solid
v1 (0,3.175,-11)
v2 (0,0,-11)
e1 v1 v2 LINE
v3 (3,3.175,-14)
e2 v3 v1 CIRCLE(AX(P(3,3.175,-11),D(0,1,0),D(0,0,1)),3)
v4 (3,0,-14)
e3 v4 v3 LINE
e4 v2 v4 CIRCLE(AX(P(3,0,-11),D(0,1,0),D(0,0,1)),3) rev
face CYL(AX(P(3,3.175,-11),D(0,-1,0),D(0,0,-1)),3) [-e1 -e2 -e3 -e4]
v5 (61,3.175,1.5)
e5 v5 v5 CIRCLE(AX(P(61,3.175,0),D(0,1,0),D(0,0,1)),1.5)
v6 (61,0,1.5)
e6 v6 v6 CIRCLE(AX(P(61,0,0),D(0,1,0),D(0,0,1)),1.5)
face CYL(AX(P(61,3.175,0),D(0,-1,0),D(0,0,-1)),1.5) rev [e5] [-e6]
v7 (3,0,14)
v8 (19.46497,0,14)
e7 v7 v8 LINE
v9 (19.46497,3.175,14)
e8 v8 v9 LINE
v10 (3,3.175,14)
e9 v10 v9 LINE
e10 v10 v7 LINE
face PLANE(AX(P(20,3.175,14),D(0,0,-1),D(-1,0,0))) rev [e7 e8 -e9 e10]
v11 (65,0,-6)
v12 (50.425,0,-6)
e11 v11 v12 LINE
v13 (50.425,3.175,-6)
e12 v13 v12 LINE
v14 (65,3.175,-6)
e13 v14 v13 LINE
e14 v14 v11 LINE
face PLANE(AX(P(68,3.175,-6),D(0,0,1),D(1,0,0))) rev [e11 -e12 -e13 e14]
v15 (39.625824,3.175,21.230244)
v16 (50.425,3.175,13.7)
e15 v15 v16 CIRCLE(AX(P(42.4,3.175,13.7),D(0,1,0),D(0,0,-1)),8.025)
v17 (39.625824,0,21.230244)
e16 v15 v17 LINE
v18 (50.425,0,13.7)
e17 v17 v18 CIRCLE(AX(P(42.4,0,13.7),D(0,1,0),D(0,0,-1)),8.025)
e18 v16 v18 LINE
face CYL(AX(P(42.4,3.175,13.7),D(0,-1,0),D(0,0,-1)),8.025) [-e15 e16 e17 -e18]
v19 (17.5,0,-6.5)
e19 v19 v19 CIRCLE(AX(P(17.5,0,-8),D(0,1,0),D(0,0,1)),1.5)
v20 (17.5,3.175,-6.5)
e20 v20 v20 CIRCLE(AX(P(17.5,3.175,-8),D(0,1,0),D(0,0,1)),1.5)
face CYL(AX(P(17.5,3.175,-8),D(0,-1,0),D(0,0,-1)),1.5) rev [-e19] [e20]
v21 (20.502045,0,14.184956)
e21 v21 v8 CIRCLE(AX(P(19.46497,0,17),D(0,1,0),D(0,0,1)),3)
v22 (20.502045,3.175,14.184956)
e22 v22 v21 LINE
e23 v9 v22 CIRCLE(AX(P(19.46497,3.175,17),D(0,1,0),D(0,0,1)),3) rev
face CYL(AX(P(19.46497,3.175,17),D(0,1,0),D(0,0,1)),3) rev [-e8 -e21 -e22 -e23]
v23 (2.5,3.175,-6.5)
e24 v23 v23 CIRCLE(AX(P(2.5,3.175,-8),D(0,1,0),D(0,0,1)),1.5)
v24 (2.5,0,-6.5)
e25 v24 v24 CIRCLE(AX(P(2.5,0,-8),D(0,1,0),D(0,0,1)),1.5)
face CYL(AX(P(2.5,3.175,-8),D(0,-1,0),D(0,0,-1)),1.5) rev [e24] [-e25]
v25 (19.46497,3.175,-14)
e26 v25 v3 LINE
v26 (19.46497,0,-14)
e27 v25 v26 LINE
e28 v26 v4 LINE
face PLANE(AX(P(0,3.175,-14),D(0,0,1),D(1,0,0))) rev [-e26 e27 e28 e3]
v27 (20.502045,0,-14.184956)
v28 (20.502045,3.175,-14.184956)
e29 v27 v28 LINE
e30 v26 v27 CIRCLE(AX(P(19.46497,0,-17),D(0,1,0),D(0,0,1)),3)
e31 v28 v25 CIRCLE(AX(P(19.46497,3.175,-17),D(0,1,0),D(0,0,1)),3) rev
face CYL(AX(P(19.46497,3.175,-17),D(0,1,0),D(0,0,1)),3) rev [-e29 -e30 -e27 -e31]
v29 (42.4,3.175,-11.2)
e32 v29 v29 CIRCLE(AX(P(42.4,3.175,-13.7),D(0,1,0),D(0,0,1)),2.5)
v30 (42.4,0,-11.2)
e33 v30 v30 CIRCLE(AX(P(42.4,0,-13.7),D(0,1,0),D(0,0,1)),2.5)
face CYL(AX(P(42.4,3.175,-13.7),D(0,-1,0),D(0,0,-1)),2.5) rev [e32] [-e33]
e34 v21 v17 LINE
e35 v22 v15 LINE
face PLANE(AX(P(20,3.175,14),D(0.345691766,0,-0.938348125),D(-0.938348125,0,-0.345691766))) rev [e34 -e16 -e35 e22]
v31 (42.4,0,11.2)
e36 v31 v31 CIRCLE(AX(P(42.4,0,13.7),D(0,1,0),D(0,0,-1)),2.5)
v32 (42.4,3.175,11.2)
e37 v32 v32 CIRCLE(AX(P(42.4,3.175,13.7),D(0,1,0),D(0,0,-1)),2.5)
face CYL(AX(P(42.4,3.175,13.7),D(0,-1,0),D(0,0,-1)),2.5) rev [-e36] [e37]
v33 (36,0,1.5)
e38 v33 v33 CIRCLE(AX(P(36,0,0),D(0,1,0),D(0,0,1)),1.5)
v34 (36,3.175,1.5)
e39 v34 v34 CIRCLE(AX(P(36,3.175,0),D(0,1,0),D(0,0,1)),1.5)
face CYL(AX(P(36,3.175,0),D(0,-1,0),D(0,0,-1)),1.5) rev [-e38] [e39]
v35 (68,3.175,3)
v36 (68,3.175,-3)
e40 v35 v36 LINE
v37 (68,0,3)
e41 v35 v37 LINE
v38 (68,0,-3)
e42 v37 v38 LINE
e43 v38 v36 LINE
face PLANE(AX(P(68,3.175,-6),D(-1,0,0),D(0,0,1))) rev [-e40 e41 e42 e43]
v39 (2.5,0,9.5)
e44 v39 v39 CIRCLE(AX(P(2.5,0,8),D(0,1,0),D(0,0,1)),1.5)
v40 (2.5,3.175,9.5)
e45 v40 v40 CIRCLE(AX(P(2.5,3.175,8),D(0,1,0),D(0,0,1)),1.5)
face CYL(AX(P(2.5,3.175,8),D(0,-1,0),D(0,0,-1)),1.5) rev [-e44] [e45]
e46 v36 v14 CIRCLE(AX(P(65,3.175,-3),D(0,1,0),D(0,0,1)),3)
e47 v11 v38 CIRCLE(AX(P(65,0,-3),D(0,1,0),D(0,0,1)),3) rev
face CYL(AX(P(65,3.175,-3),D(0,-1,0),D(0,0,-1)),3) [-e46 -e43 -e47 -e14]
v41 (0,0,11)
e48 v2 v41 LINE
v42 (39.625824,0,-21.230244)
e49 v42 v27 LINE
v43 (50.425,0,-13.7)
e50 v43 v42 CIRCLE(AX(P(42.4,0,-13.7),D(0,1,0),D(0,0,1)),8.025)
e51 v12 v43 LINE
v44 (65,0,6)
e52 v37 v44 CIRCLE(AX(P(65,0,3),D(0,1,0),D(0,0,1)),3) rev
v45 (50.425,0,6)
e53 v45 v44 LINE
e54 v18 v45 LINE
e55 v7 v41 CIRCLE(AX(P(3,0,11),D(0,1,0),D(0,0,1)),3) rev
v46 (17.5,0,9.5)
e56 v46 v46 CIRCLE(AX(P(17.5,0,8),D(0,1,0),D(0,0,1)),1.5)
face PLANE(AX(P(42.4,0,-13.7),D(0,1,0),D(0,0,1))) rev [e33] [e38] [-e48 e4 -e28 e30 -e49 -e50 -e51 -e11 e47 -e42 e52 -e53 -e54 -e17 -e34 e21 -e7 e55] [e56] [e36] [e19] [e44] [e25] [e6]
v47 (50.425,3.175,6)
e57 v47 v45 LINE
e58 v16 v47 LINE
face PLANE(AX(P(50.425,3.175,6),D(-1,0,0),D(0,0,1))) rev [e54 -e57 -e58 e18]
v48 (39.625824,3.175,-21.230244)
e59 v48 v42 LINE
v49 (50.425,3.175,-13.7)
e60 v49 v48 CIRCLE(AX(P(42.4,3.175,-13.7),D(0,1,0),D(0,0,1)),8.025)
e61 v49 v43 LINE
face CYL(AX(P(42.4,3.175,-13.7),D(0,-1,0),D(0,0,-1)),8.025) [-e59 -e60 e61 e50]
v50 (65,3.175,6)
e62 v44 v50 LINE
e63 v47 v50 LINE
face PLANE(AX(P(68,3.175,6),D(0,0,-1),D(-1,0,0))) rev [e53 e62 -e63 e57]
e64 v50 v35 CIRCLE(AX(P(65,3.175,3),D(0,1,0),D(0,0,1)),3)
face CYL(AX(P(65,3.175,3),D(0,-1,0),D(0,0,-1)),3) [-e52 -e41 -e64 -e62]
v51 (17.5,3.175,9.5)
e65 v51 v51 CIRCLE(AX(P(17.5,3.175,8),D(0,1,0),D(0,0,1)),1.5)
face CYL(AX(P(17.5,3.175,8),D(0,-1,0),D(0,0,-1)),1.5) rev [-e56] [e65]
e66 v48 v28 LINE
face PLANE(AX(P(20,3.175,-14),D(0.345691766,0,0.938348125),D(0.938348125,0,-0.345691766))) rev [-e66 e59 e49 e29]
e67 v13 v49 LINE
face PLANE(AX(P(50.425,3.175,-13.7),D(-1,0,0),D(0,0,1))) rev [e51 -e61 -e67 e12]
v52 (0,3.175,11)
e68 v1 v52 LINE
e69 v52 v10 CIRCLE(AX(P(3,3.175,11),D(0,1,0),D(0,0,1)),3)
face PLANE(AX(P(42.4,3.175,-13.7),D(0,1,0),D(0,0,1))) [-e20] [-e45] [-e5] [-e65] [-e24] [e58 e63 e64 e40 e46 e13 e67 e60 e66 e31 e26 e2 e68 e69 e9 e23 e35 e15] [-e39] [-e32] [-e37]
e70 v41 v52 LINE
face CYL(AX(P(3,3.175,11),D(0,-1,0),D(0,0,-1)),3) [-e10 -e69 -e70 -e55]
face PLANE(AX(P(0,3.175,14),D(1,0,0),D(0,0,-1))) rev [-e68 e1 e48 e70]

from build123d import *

# Parameters (mm, degrees)
SKETCH1_R           = 1.5
SKETCH1_R_2         = 2.5
BOSS_EXTRUDE1_DEPTH = 3.175
FILLET1_R           = 3


with BuildPart() as part:
    # Sketch1 → Boss-Extrude1 (new body)
    with BuildSketch(Plane(origin=(0, 0, 0), x_dir=(1, 0, 0), z_dir=(0, 1, 0))):
        with BuildLine():
            Line((0, -14), (0, 14))
            Line((0, 14), (20, 14))
            Line((20, 14), (39.625823576, 21.230243699))
            ThreePointArc((39.625823576, 21.230243699), (46.990090369, 20.282681475), (50.425, 13.7))
            Line((50.425, 13.7), (50.425, 6))
            Line((50.425, 6), (68, 6))
            Line((68, 6), (68, -6))
            Line((68, -6), (50.425, -6))
            Line((50.425, -6), (50.425, -13.7))
            ThreePointArc((50.425, -13.7), (46.990090369, -20.282681475), (39.625823576, -21.230243699))
            Line((39.625823576, -21.230243699), (20, -14))
            Line((20, -14), (0, -14))
        make_face()
        with Locations((2.5, 8)):
            Circle(SKETCH1_R, mode=Mode.SUBTRACT)
        with Locations((17.5, 8)):
            Circle(SKETCH1_R, mode=Mode.SUBTRACT)
        with Locations((17.5, -8)):
            Circle(SKETCH1_R, mode=Mode.SUBTRACT)
        with Locations((2.5, -8)):
            Circle(SKETCH1_R, mode=Mode.SUBTRACT)
        with Locations((42.4, 13.7)):
            Circle(SKETCH1_R_2, mode=Mode.SUBTRACT)
        with Locations((42.4, -13.7)):
            Circle(SKETCH1_R_2, mode=Mode.SUBTRACT)
        with Locations((36, 0)):
            Circle(SKETCH1_R, mode=Mode.SUBTRACT)
        with Locations((61, 0)):
            Circle(SKETCH1_R, mode=Mode.SUBTRACT)
    extrude(amount=BOSS_EXTRUDE1_DEPTH)

    # Fillet1
    fillet1_edges = [part.edges().sort_by_distance(p)[0] for p in [
        (0, 1.5875, 14),
        (0, 1.5875, -14),
        (20, 1.5875, -14),
        (68, 1.5875, -6),
        (68, 1.5875, 6),
        (20, 1.5875, 14),
    ]]
    fillet(fillet1_edges, radius=FILLET1_R)


solid = part.part
